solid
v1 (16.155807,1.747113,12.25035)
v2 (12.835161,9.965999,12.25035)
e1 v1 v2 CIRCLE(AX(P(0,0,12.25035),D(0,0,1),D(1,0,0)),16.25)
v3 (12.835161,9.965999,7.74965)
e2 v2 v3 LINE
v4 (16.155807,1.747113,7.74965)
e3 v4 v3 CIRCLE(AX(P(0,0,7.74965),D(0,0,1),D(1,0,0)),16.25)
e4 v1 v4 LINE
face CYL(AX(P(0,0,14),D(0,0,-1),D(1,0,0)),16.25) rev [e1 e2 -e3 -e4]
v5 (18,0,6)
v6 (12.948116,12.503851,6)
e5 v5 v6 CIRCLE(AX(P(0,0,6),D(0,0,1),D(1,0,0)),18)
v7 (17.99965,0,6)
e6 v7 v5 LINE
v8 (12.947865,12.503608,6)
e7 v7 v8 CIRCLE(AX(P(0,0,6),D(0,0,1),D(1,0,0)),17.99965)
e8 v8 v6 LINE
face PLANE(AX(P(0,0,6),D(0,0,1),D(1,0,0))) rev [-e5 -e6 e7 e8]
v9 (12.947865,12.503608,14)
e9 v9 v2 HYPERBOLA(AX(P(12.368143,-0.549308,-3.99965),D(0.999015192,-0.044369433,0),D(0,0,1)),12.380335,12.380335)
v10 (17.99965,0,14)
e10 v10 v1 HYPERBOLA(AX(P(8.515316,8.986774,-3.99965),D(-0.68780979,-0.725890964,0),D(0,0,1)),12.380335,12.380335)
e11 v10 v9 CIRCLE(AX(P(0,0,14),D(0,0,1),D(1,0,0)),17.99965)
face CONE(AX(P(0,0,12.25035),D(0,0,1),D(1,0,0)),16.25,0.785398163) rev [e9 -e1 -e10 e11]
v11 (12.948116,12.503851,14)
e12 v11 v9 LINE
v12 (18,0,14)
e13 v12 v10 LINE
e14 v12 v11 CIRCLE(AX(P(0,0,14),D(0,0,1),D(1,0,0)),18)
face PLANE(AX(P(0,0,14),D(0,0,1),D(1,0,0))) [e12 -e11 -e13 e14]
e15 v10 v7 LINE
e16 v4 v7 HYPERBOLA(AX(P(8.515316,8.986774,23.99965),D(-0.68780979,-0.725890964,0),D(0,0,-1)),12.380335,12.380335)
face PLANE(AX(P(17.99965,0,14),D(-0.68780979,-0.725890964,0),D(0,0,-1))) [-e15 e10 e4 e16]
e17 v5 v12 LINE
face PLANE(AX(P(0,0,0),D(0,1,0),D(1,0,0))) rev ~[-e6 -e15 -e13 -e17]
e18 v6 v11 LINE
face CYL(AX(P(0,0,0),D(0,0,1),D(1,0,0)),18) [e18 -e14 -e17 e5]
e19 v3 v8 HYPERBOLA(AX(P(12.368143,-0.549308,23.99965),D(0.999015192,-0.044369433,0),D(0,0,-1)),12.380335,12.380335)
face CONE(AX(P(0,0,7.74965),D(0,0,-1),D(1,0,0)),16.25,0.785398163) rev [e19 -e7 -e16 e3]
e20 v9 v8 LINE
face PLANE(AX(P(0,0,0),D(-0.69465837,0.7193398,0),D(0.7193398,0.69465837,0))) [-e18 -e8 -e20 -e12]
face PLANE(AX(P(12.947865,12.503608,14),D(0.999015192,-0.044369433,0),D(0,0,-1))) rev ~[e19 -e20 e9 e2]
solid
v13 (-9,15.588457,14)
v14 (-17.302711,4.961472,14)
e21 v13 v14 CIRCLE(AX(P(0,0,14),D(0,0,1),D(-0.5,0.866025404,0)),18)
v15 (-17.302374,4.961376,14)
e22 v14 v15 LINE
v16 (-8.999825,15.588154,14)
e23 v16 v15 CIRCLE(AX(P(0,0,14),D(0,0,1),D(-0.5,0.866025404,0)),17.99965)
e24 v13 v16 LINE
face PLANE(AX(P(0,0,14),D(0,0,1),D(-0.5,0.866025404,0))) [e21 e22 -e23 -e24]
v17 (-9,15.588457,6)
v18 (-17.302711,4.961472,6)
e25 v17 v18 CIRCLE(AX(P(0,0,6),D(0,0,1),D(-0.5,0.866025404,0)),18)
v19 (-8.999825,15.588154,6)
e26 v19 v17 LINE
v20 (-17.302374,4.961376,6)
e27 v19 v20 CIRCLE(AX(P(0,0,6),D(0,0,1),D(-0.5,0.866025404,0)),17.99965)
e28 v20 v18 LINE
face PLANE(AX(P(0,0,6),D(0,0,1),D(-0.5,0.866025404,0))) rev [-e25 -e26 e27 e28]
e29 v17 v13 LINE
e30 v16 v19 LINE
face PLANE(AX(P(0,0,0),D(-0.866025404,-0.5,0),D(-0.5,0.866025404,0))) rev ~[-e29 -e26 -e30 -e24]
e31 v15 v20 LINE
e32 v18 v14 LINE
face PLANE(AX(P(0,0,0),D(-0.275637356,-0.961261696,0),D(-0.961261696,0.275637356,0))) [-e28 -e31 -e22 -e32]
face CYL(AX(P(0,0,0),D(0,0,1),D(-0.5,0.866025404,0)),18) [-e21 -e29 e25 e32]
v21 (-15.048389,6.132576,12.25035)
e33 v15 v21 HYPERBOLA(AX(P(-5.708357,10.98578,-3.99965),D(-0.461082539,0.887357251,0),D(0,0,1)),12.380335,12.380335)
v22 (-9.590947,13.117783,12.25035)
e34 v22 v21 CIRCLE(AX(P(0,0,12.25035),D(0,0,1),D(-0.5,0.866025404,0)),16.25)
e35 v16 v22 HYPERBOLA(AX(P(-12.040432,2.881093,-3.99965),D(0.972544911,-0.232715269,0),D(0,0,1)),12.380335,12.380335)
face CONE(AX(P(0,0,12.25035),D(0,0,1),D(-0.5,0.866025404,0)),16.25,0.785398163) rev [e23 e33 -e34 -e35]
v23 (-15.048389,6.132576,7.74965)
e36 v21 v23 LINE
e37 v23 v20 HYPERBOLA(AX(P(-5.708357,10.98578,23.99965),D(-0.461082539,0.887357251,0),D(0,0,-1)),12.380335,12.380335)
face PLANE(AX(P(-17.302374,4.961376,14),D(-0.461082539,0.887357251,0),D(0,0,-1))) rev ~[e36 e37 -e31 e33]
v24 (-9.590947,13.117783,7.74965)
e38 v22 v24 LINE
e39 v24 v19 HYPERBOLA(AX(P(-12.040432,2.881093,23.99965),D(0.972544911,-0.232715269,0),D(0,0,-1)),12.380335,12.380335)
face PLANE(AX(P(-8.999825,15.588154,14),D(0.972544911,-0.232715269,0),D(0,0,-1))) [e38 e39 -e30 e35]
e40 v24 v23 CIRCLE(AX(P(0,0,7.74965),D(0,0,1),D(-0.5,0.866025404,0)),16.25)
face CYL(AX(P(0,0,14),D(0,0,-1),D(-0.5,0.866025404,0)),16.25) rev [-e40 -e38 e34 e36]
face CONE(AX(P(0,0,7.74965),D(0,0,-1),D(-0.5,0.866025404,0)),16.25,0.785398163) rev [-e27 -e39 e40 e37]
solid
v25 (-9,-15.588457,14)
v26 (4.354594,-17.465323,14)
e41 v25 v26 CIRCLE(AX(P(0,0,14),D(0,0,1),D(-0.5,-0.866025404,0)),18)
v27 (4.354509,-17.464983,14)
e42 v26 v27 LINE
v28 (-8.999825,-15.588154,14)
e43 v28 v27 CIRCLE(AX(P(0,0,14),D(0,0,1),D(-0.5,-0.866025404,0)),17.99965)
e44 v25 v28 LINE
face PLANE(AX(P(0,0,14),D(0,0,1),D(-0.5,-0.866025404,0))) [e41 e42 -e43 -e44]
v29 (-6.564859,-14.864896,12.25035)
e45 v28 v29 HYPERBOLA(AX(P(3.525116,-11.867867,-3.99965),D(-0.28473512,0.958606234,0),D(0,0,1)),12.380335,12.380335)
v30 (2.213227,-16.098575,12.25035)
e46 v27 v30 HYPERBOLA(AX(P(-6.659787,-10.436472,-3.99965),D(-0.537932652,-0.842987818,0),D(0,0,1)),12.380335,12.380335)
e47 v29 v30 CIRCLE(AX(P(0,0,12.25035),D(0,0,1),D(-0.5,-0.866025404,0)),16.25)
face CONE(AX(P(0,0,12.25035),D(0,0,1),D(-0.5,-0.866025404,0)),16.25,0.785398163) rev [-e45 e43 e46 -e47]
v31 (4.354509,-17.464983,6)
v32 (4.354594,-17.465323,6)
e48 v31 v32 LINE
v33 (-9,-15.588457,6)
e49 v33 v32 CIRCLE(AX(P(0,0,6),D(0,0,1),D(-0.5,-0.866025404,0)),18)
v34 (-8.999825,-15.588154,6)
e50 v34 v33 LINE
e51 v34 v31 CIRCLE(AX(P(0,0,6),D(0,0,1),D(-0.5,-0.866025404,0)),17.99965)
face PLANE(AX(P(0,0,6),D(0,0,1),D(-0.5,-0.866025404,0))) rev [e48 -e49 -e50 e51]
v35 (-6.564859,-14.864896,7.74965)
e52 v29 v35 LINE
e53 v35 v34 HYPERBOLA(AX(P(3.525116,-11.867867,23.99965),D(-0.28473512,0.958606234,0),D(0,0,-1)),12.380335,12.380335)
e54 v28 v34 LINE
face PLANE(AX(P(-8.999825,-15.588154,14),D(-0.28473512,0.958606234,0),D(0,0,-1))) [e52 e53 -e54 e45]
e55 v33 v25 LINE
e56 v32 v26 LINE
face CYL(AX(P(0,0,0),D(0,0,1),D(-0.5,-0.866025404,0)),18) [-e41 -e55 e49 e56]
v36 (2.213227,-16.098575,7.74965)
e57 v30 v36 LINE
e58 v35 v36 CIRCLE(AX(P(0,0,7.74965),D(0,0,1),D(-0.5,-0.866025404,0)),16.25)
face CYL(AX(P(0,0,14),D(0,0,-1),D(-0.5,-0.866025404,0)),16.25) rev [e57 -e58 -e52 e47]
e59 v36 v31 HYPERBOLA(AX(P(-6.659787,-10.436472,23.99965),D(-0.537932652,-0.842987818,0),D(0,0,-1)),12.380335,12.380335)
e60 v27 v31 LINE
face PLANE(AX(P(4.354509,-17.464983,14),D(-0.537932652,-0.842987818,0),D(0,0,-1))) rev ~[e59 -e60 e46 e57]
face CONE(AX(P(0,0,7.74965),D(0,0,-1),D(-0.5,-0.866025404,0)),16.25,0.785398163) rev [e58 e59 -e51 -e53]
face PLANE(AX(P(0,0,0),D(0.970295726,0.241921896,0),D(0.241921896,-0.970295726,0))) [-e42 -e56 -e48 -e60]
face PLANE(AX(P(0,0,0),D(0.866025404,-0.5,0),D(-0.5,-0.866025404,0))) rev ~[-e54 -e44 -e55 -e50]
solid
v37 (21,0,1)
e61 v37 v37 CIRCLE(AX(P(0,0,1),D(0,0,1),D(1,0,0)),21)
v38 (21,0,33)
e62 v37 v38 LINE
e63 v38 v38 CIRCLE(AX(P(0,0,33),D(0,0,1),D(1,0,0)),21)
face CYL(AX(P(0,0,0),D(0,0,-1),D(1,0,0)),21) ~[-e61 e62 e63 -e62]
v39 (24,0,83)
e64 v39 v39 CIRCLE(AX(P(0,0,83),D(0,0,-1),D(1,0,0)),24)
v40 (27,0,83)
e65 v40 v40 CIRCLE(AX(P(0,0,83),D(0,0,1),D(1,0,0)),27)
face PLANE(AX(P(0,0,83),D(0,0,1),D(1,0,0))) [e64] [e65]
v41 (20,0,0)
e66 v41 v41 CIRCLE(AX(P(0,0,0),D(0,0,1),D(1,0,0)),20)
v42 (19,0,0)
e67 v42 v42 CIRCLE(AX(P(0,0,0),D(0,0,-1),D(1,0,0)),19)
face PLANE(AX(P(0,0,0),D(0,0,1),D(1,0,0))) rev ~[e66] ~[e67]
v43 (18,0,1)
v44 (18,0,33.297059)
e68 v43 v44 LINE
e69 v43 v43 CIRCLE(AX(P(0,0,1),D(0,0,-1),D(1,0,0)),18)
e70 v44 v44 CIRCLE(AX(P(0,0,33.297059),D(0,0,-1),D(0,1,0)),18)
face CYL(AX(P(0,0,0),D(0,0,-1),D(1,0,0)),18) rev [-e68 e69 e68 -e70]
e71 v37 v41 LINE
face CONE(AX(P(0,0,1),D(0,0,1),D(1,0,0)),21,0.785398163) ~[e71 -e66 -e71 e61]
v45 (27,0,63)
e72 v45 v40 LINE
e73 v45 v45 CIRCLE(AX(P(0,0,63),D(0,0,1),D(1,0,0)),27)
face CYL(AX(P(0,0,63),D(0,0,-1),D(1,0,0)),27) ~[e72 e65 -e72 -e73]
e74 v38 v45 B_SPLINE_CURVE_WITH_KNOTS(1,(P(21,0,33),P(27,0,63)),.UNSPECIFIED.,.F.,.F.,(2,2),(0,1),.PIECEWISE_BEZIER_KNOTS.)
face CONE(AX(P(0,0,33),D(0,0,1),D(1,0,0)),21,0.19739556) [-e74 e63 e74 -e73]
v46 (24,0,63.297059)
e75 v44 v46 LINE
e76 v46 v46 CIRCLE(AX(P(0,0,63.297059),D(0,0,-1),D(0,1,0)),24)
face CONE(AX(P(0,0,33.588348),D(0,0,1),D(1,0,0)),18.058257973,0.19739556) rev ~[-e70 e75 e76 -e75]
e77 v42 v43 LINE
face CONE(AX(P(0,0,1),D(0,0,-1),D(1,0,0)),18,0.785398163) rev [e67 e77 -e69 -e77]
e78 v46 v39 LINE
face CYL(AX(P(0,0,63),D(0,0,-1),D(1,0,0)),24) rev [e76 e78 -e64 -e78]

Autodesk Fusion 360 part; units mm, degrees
sketch "adapter_side" plane through (0, 0, 0) normal (0, 0, 1) x (1, 0, 0)
  circle A0 centre (0, 0) radius 21
  dimension "d33" = 42
extrude "Extrude2" add sketch "adapter_side" along normal blind 33 makes body 1
ref_plane "WorkPlane2" through (0, 0, 63) normal (0, 0, 1) x (1, 0, 0)
sketch "bandsaw_side" plane through (0, 0, 63) normal (0, 0, 1) x (1, 0, 0)
  circle A0 centre (0, 0) radius 27
  dimension "d38" = 54
extrude "Extrude3" add sketch "bandsaw_side" along normal blind 20 separate body makes body 2
loft "Loft3" add section 1 face at (-5.9246, 2.0633, 33) section 2 face at (4.9388, -0.7444, 63) on bodies 1 2 bodies 1 2
shell "Shell1" thickness 3 removed faces 2 at (-5.9246, 2.0633, 0) at (4.9388, -0.7444, 83) on bodies 1
sketch "pins" plane through (0, 0, 0) normal (0, 1, 0) x (1, 0, 0)
  line L0 (18, 0) -> (18, -33.2971)
  line L1 (-18, -33.2971) -> (-18, 0)
  line L2 (18, -14) -> (16.25, -14)
  line L3 (16.25, -14) -> (16.25, -6)
  line L4 (16.25, -6) -> (18, -6)
  line L5 (18, -6) -> (18, -14)
  dimension "d42" = 1.75
  dimension "d43" = 8
  dimension "d44" = 6
revolve "Revolve3" add sketch "pins" angle 44 about axis through (0, 0, 1.75) along (0, 0, 1) separate body makes body 3
chamfer "Chamfer2" distance 1.75 angle 45 4 edges at (15.0667, 6.0874, 14) (16.25, 0, 10) (15.0667, 6.0874, 6) (11.6893, 11.2882, 10) on bodies 3
pattern_circular "C-Pattern2" count 3 over 360 about axis through (0, 0, 1.75) along (0, 0, 1) of bodies 3 makes body 4 at (-16.2088, 7.8279, 8.6667) makes body 5 at (-5.4959, -17.1405, 8.6667)
chamfer "Chamfer3" distance 1 angle 45 2 edges at (-19.5789, -7.5939, 0) (-16.7819, -6.5091, 0) on bodies 1
equation "d_adapter_inside = 36 mm" comment "inner diameter of adapter"
equation "t = 3 mm" comment "Thikness of adapter wall"
equation "t_pin = 1.75 mm" comment "Thickness of pins"
equation "l_pin = 8 mm"
equation "s_bottom_pin = 6 mm" comment "space from bottom to pin"
equation "s_top_pin = 19 mm" comment "space from top to pin"
equation "chamfer_bottom = 1 mm" comment "chamfer at bottom of adapter"
equation "l_adapter = s_bottom_pin + l_pin + s_top_pin"
equation "a_pin = 44 deg" comment "Angle of pin"
equation "d_bandsaw_inside = 54 mm"
equation "l_bandsaw = 20 mm"
equation "d33 = d_adapter_inside + 2 * t"
equation "d34 = l_adapter"
equation "l_adapter_to_bandsaw = 30 mm"
equation "d37 = l_adapter_to_bandsaw"
equation "d38 = d_bandsaw_inside"
equation "d39 = l_bandsaw"
equation "d42 = t_pin"
equation "d43 = l_pin"
equation "d44 = s_bottom_pin"
equation "d45 = a_pin"
equation "d46 = chamfer_pin"
equation "d49 = chamfer_bottom"
equation "chamfer_pin = t_pin"
